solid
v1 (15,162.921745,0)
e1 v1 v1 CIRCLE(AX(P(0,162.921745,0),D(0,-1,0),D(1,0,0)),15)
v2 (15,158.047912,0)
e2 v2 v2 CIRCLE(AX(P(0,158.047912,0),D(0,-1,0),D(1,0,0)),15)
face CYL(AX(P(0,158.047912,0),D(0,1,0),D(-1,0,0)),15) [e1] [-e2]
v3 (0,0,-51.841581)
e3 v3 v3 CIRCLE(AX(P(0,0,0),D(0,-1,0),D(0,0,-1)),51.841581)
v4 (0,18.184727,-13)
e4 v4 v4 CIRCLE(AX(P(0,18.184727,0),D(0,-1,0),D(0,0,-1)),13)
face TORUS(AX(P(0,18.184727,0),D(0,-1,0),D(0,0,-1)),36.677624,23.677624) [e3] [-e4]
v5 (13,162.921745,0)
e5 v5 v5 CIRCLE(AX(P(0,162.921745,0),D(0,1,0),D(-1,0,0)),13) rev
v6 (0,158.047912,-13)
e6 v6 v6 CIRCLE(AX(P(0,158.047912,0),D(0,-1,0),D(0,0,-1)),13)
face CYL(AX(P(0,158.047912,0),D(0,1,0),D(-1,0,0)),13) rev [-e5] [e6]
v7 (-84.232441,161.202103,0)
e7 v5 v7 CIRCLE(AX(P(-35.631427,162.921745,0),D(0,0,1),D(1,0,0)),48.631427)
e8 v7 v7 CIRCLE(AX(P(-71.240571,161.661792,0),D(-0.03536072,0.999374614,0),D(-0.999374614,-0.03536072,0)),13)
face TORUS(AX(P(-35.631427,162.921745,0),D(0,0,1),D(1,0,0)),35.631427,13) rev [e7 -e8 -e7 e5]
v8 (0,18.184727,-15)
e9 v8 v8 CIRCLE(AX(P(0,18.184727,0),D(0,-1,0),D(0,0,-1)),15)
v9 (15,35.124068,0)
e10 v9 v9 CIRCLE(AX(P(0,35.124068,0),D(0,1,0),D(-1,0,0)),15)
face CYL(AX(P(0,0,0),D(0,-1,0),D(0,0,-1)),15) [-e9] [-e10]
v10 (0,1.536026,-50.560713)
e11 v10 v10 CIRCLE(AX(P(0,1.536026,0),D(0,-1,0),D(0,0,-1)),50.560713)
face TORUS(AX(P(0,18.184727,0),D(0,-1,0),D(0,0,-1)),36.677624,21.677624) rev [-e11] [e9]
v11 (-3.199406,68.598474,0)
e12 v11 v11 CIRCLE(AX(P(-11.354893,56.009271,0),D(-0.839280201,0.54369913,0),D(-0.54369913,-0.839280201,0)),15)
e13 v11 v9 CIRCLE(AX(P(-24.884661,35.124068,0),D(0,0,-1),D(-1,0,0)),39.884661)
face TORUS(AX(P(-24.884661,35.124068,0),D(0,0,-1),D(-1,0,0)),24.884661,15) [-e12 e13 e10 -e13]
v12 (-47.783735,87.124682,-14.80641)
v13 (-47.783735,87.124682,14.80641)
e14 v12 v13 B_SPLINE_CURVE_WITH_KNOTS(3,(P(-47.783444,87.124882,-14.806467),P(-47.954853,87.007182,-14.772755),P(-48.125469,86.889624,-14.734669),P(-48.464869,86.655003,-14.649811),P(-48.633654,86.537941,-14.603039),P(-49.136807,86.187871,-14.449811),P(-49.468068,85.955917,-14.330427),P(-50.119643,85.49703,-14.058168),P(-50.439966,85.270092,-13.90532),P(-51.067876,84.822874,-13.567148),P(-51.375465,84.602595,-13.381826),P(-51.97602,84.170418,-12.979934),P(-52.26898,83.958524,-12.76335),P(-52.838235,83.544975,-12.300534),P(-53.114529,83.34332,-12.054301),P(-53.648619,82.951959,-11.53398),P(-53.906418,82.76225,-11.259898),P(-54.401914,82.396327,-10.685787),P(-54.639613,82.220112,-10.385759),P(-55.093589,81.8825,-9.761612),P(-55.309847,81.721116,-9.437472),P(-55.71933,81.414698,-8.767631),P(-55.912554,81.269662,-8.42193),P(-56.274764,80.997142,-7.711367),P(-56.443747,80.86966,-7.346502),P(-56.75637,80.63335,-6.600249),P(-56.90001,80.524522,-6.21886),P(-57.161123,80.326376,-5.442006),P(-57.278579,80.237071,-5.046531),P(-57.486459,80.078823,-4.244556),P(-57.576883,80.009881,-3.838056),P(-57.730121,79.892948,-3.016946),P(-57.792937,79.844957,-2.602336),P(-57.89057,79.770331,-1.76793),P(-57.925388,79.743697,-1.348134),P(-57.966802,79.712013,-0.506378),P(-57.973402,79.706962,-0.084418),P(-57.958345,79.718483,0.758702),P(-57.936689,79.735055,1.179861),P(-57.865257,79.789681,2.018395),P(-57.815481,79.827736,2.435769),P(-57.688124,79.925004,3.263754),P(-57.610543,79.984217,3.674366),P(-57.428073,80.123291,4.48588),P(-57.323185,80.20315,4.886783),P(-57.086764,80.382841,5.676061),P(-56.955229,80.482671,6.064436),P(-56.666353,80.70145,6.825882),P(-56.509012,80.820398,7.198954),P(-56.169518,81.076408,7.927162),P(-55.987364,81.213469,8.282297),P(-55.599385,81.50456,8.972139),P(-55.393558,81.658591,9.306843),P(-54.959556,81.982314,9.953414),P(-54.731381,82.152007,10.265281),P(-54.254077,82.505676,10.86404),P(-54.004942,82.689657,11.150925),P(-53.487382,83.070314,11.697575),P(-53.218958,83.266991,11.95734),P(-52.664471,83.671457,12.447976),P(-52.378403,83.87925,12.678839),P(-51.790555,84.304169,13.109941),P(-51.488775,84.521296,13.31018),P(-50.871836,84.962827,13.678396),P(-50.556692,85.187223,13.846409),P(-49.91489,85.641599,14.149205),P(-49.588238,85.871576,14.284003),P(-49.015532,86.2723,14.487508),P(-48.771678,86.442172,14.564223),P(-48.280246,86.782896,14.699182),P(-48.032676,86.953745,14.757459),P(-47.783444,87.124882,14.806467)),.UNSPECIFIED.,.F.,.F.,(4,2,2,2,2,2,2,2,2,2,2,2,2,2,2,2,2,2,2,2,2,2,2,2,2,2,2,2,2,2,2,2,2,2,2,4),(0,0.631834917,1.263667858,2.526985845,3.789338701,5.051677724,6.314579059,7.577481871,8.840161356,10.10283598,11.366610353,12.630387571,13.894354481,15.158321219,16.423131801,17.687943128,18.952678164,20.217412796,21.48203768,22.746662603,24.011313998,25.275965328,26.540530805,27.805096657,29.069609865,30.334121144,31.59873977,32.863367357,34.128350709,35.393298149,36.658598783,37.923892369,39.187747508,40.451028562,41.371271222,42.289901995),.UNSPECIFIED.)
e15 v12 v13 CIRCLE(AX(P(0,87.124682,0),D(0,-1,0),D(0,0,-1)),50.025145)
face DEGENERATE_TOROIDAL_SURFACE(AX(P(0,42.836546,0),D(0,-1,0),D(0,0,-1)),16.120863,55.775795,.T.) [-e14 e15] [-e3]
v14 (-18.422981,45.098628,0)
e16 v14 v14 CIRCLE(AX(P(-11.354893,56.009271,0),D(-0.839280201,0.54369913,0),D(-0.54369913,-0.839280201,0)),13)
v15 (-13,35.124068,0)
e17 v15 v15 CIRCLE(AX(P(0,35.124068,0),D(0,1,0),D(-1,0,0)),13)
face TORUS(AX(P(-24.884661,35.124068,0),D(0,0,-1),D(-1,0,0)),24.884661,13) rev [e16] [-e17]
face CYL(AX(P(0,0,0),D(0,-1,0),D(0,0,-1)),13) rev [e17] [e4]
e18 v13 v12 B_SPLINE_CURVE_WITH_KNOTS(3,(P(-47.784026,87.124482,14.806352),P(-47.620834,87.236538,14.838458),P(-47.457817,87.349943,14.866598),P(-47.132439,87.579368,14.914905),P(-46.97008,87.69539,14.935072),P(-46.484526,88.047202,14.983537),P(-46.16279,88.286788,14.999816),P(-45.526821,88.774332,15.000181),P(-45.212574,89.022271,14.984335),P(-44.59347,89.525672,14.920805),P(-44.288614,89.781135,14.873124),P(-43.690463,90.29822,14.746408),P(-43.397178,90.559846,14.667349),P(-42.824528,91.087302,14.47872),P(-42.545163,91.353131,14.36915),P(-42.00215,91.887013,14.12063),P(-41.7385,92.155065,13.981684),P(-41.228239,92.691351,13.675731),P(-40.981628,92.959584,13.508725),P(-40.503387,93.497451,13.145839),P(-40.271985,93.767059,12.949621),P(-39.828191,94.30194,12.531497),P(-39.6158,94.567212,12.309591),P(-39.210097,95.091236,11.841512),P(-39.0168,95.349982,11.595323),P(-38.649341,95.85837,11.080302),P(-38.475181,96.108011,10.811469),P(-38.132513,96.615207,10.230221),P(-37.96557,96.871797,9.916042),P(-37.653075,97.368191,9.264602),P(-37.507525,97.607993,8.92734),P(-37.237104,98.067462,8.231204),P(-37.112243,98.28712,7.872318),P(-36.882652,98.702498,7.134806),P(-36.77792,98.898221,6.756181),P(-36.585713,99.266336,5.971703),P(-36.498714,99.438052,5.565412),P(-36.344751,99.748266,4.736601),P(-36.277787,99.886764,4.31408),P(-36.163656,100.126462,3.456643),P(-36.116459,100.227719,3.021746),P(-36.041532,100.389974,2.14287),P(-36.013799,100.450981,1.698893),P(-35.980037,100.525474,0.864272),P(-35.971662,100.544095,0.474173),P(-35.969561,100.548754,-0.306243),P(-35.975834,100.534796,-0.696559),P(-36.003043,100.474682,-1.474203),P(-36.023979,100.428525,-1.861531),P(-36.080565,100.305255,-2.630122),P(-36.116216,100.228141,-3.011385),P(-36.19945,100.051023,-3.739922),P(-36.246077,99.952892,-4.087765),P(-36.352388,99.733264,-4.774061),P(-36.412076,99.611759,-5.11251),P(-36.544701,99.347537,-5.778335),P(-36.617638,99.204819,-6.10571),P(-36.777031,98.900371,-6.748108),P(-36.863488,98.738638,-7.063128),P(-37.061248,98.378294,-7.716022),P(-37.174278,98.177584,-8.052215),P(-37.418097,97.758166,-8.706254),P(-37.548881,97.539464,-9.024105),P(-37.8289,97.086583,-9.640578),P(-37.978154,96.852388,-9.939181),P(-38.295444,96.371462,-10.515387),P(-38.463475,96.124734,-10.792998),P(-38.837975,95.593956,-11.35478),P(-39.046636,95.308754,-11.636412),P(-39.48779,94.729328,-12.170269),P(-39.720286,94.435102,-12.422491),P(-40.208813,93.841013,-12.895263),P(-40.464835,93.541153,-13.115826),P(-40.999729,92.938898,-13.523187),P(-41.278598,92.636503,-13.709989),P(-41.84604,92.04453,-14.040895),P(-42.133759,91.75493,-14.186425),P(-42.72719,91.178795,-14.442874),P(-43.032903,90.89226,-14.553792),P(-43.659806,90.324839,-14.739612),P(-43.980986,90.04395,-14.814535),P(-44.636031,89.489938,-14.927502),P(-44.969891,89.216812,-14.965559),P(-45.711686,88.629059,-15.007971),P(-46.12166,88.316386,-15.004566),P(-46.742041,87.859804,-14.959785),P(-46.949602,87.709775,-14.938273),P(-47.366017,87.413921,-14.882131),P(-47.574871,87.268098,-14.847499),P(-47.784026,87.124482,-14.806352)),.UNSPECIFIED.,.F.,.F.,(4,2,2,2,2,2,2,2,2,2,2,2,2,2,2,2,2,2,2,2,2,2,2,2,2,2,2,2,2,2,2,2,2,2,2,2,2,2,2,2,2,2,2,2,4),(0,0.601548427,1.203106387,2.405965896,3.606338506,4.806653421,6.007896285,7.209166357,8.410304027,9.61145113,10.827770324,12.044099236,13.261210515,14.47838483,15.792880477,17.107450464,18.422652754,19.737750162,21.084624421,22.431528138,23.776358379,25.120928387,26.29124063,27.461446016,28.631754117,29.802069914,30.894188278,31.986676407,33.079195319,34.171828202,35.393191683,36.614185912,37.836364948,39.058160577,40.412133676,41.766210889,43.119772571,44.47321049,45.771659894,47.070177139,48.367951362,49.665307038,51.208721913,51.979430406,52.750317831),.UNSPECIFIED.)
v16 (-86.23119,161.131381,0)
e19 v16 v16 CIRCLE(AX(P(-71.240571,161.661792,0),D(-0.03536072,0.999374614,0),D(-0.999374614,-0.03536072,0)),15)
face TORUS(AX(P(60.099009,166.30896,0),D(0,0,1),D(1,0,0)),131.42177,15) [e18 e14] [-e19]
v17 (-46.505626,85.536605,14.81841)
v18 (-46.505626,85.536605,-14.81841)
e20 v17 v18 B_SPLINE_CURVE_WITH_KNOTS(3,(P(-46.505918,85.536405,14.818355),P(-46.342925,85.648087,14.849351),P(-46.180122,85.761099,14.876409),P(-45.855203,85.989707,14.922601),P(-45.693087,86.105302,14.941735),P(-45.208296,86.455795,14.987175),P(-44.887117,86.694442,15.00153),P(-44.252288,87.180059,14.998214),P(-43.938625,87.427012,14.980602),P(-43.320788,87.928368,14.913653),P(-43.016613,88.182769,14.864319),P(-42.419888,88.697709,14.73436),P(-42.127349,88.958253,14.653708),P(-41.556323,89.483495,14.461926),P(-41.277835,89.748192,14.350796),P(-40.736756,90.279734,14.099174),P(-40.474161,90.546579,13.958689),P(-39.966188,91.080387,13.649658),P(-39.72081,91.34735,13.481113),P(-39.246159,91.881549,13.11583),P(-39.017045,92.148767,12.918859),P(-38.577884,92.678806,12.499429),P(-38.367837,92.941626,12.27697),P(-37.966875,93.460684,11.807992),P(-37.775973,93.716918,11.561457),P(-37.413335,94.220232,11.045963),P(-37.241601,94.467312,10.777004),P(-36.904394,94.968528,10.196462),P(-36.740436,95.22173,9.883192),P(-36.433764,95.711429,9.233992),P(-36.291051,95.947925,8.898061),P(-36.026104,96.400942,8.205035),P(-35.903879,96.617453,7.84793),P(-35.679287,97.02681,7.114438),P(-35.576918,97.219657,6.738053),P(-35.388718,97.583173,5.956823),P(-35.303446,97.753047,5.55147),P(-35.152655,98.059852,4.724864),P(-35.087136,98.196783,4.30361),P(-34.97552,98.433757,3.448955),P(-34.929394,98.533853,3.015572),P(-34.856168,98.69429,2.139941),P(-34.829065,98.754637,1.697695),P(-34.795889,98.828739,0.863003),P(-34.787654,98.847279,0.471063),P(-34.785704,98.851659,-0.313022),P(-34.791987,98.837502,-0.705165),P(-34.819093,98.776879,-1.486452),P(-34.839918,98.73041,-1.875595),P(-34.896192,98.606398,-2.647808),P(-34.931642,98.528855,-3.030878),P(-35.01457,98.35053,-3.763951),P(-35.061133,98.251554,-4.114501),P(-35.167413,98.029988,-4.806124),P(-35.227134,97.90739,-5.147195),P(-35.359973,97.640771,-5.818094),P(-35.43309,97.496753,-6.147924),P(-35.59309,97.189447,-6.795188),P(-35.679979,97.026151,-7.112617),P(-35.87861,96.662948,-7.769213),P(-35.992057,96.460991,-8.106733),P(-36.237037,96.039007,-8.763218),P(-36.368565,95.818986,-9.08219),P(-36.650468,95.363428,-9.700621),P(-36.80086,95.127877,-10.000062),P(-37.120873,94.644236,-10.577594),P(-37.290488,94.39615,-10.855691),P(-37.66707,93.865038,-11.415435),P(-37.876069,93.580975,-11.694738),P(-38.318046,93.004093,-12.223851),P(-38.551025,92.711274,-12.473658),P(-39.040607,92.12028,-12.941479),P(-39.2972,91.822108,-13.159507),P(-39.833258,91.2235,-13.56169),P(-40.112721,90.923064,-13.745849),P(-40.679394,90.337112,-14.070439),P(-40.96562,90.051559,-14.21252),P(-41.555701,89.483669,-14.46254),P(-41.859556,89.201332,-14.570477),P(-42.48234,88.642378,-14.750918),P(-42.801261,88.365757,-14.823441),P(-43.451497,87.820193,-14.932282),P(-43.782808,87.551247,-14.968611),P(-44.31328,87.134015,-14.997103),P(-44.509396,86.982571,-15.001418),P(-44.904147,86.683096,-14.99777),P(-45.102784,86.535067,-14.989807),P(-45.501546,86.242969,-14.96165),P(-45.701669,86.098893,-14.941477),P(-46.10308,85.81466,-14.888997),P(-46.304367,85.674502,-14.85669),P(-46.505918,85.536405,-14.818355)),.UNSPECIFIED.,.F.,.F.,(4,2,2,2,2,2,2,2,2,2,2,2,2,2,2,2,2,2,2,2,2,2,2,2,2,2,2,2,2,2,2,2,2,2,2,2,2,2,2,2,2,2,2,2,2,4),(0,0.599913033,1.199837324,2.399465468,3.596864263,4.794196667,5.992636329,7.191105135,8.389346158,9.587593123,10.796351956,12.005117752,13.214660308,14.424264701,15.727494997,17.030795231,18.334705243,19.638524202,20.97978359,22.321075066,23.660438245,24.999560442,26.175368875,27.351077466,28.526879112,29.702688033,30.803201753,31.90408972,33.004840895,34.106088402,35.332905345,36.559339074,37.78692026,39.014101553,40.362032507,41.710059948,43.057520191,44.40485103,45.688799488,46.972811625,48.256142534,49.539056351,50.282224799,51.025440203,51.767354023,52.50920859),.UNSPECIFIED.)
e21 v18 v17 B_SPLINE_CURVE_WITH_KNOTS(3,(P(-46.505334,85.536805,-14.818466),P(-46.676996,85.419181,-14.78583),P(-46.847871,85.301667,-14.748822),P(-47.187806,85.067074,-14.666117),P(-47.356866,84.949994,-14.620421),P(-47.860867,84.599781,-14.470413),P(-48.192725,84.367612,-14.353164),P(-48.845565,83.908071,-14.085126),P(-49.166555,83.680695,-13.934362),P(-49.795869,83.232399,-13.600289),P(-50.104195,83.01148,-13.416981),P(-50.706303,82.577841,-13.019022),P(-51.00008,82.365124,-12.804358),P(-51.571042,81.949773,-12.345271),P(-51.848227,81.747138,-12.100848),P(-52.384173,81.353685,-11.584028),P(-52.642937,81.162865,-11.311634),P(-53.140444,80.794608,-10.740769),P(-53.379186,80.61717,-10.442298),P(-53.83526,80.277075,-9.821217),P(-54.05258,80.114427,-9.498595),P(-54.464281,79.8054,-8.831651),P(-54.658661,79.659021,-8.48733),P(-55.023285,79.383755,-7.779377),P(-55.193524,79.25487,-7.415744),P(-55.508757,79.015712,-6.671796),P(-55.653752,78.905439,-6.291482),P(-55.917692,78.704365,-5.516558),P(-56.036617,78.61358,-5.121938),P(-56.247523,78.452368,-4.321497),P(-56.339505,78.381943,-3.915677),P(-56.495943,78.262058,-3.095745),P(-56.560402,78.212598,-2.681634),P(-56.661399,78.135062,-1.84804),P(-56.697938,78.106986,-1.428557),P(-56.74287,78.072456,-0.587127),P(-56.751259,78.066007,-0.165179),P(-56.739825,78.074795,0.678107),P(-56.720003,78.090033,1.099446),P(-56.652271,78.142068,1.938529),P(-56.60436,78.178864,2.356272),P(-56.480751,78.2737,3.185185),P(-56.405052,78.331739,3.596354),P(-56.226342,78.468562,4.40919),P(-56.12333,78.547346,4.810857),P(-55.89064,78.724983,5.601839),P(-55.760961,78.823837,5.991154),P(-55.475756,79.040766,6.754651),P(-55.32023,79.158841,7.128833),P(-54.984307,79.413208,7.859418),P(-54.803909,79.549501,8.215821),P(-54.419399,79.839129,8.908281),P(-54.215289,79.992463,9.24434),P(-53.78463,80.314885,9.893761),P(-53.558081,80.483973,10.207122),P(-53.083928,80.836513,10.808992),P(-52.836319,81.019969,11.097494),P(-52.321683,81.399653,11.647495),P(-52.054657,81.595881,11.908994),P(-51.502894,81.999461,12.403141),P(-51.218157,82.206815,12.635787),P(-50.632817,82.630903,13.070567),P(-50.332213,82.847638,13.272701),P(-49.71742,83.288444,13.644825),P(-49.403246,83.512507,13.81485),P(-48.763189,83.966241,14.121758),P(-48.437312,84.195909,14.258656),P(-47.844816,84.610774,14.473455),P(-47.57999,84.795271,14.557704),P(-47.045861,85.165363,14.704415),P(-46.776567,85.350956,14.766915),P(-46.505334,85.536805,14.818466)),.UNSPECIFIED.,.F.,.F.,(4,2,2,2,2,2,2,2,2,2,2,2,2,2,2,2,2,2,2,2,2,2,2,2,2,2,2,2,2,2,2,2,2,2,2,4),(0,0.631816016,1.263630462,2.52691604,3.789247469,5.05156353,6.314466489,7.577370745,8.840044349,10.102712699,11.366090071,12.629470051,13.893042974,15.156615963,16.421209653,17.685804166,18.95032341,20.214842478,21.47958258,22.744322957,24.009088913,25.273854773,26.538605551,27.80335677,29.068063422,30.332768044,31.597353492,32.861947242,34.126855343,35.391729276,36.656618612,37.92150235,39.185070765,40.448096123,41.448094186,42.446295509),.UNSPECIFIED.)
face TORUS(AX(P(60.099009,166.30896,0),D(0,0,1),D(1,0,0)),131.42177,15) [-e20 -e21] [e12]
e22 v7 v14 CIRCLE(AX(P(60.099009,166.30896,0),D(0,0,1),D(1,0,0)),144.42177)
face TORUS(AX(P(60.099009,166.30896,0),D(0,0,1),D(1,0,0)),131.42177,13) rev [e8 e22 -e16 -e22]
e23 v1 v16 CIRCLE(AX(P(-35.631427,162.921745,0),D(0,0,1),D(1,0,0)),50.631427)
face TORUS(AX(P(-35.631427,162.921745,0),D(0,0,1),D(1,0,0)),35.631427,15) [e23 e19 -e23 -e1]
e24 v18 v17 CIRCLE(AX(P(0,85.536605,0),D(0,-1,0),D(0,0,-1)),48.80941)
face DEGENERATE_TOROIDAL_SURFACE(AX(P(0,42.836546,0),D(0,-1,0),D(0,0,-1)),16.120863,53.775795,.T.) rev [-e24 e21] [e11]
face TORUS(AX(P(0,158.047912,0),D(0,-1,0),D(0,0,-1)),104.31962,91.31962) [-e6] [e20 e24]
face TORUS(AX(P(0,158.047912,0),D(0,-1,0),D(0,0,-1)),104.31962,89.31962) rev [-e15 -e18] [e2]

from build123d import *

# Parameters (mm, degrees)
CUT_SWEEP1_PROFILE_R     = 15
SWEEP_THIN12_PROFILE_R   = 15
SWEEP_THIN12_PROFILE_R_2 = 13


with BuildPart() as part:
    # Sketch1 → Revolve-Thin1 (revolve)
    with BuildSketch(Plane.XY, mode=Mode.PRIVATE) as revolve_thin1_sk:
        with BuildLine():
            ThreePointArc((15, 158.047911596), (24.233552452, 118.497737071), (50.025144573, 87.124682204))
            ThreePointArc((50.025144573, 87.124682204), (71.88454025, 43.999145941), (51.841581044, 0))
            ThreePointArc((51.841581044, 0), (26.638116777, -3.259110425), (13, 18.184727444))
            Line((13, 18.184727444), (13, 19.931198036))
            Line((13, 19.931198036), (15, 19.931198036))
            Line((15, 19.931198036), (15, 18.184727444))
            ThreePointArc((15, 18.184727444), (27.486133236, -1.447793753), (50.560712958, 1.536026349))
            ThreePointArc((50.560712958, 1.536026349), (69.884974777, 43.957457598), (48.80940999, 85.536604931))
            ThreePointArc((48.80940999, 85.536604931), (22.440305514, 117.61214946), (13, 158.047911596))
            Line((13, 158.047911596), (15, 158.047911596))
        make_face()
    revolve(revolve_thin1_sk.sketch.rotate(Axis((0, 0, 0), (0, 1, 0)), 90), axis=Axis((0, 0, 0), (0, 1, 0)))

    # Cut-Sweep1: sweep along a path in Sketch129
    with BuildLine(Plane.XY) as cut_sweep1_path:
        Line((0, 19.931198036), (0, 35.124067718))
        ThreePointArc((0, 35.124067718), (-3.022249702, 47.010249867), (-11.354892509, 56.009271103))
        ThreePointArc((-11.354892509, 56.009271103), (-54.233457152, 101.503338373), (-71.240570979, 161.661791991))
        ThreePointArc((-71.240570979, 161.661791991), (-36.261502155, 198.5476008), (0, 162.921744899))
        Line((0, 162.921744899), (0, 158.047911596))
    # Cut-Sweep1 profile (on start of the path) → Cut-Sweep1 (sweep, cut)
    with BuildSketch(Plane(origin=(0, 19.931198036, 0), x_dir=(1, 0, 0), z_dir=(0, 1, 0))):
        Circle(CUT_SWEEP1_PROFILE_R)
    sweep(path=cut_sweep1_path.line, mode=Mode.SUBTRACT)

    # Sweep-Thin12: sweep along a path in Sketch129<9>
    with BuildLine(Plane.XY) as sweep_thin12_path:
        Line((0, 19.931198036), (0, 35.124067718))
        ThreePointArc((0, 35.124067718), (-3.022249702, 47.010249867), (-11.354892509, 56.009271103))
        ThreePointArc((-11.354892509, 56.009271103), (-54.233457152, 101.503338373), (-71.240570979, 161.661791991))
        ThreePointArc((-71.240570979, 161.661791991), (-36.261502155, 198.5476008), (0, 162.921744899))
        Line((0, 162.921744899), (0, 158.047911596))
    # Sweep-Thin12 profile (on start of the path) → Sweep-Thin12 (sweep)
    with BuildSketch(Plane(origin=(0, 19.931198036, 0), x_dir=(1, 0, 0), z_dir=(0, 1, 0))):
        Circle(SWEEP_THIN12_PROFILE_R)
        Circle(SWEEP_THIN12_PROFILE_R_2, mode=Mode.SUBTRACT)
    sweep(path=sweep_thin12_path.line)


solid = part.part
